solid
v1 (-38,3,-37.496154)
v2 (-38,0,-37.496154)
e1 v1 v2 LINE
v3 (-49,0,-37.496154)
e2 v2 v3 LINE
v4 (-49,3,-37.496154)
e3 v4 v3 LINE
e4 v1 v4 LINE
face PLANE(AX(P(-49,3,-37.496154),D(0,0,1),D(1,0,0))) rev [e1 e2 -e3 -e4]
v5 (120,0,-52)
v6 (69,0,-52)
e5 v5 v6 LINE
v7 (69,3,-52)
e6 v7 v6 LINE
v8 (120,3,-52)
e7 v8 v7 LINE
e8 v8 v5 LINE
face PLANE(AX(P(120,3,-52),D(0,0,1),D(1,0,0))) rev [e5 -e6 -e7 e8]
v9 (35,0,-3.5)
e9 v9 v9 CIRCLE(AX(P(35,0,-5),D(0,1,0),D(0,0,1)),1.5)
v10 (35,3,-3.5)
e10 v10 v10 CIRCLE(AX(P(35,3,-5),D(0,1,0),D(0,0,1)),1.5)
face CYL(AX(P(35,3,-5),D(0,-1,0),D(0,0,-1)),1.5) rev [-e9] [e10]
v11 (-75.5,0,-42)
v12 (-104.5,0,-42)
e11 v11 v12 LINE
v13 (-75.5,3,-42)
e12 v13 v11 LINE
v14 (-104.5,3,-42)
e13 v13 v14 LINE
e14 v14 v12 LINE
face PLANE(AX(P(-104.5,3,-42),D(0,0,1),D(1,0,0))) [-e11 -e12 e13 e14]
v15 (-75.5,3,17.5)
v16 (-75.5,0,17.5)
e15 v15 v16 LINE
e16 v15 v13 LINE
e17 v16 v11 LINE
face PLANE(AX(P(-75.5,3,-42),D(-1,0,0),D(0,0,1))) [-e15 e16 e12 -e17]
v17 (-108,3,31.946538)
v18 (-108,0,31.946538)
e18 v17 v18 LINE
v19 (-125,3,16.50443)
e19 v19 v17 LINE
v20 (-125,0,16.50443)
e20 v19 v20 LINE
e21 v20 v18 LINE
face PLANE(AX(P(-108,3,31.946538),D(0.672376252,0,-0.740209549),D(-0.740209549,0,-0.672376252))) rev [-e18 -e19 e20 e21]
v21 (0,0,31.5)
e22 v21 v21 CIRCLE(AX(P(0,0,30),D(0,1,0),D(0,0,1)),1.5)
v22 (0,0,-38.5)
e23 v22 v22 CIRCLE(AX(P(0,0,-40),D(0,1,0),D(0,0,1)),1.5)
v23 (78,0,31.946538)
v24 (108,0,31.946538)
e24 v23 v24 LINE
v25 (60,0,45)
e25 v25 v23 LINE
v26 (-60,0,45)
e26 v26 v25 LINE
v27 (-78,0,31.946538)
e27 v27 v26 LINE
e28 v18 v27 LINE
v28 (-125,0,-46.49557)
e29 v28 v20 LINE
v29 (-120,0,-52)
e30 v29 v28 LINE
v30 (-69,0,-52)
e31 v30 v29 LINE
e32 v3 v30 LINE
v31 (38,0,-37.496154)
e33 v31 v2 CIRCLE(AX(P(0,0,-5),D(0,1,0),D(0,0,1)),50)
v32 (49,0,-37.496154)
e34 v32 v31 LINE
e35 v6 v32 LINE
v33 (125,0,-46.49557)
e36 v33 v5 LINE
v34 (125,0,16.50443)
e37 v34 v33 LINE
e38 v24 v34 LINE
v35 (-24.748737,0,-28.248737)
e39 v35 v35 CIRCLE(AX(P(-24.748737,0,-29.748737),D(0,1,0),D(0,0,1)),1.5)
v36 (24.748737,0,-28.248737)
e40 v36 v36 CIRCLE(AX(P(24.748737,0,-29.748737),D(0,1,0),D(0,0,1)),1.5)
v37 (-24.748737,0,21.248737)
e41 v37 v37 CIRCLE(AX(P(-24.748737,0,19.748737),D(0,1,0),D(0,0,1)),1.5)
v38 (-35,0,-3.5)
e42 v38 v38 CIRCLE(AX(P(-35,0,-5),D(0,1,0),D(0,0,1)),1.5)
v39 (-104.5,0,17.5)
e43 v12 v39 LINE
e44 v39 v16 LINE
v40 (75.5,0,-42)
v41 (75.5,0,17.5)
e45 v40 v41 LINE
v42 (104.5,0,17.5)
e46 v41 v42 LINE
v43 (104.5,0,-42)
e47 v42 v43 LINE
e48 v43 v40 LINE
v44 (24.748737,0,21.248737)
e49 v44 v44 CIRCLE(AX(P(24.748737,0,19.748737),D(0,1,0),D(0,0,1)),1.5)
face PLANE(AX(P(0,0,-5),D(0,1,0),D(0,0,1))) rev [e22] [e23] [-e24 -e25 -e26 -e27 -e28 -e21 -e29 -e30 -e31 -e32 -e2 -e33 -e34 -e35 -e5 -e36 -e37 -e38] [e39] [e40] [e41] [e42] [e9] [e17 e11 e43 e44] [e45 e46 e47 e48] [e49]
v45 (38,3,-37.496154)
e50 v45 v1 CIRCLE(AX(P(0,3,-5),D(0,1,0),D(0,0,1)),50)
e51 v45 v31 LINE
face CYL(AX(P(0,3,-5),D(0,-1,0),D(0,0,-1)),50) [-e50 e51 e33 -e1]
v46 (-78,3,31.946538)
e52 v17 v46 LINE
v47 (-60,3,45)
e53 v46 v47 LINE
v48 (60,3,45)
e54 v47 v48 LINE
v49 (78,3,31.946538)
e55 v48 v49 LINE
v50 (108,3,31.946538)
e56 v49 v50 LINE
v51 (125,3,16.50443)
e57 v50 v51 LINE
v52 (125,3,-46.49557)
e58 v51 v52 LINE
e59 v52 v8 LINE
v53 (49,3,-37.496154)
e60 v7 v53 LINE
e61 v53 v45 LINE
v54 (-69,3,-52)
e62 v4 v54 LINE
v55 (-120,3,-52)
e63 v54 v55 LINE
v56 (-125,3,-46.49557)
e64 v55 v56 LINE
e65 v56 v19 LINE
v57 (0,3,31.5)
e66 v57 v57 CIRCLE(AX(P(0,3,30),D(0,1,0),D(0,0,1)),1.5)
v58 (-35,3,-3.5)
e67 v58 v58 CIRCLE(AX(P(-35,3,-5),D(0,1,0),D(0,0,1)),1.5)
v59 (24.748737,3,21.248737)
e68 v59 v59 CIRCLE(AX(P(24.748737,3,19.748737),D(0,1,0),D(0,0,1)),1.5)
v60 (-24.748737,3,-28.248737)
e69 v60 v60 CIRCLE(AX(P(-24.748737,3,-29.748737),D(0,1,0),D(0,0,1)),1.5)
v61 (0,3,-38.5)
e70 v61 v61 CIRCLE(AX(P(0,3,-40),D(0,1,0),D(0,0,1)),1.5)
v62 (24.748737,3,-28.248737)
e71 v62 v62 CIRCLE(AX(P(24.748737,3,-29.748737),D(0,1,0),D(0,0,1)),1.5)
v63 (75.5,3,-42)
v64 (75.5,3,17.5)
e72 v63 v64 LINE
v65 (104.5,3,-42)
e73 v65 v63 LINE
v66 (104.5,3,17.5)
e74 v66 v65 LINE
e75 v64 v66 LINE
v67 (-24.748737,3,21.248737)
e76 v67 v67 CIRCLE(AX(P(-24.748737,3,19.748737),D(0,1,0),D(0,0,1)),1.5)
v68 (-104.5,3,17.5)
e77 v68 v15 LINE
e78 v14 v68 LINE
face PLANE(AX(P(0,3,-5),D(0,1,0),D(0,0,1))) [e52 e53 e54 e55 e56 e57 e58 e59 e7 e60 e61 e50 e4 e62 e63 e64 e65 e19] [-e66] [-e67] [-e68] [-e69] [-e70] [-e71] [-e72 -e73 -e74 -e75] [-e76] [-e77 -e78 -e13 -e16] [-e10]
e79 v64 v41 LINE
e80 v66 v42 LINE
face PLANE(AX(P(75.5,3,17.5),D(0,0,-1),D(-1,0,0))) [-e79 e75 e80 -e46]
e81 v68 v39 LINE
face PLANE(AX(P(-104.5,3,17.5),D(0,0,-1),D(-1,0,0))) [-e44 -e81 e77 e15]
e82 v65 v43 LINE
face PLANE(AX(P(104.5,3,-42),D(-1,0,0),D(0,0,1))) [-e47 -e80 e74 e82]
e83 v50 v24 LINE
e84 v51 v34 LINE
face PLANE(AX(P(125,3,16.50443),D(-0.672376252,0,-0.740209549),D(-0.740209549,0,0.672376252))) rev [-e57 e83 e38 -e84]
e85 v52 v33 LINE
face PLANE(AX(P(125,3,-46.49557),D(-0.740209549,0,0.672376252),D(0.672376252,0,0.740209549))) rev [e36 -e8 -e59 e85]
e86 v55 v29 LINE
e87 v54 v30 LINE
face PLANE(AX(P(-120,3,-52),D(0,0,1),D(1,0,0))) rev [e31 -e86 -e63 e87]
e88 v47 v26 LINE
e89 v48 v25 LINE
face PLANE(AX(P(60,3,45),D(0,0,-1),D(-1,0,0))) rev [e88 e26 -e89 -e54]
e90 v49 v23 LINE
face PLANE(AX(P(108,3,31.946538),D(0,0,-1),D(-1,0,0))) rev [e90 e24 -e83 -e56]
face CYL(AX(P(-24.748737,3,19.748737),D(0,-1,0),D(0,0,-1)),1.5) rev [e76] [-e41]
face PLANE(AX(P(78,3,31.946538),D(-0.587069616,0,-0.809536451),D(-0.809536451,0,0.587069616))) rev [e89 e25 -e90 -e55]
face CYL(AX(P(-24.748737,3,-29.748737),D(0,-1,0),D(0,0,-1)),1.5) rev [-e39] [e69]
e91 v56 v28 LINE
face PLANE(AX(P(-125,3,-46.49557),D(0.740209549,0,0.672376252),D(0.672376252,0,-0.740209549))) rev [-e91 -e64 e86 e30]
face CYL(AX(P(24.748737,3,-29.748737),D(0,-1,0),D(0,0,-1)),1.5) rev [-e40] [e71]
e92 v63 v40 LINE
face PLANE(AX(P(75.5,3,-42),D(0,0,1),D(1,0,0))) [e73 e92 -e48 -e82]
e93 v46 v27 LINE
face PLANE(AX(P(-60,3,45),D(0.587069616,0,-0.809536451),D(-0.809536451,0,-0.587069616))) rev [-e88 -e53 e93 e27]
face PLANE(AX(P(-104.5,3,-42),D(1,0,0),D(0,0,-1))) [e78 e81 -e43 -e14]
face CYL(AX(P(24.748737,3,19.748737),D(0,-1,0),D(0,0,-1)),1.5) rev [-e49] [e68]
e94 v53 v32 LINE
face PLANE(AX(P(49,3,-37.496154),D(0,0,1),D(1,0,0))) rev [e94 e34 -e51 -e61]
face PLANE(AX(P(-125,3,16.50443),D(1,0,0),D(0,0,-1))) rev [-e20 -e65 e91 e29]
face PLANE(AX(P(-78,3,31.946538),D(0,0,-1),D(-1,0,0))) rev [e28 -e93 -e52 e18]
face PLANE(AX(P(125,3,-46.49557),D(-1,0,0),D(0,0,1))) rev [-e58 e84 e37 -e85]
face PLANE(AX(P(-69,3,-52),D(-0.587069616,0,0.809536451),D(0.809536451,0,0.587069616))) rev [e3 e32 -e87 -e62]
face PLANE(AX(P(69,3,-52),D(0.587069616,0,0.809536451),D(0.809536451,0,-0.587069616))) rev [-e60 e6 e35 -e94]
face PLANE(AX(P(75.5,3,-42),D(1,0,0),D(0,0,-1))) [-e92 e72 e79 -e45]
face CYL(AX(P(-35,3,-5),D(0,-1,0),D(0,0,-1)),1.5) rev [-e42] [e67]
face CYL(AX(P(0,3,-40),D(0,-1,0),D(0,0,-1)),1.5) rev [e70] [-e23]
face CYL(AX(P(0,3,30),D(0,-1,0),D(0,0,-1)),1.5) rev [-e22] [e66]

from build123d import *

# Parameters (mm, degrees)
SKETCH1_R           = 1.5
SKETCH1_W           = 29
SKETCH1_H           = 59.5
BOSS_EXTRUDE1_DEPTH = 3


with BuildPart() as part:
    # Sketch1 → Boss-Extrude1 (new body)
    with BuildSketch(Plane(origin=(0, 0, 0), x_dir=(1, 0, 0), z_dir=(0, 1, 0))):
        with BuildLine():
            Line((125, 46.495570398), (125, -16.504429602))
            Line((125, -16.504429602), (108, -31.946538257))
            Line((108, -31.946538257), (78, -31.946538257))
            Line((78, -31.946538257), (60, -45))
            Line((60, -45), (-60, -45))
            Line((-60, -45), (-78, -31.946538257))
            Line((-78, -31.946538257), (-108, -31.946538257))
            Line((-108, -31.946538257), (-125, -16.504429602))
            Line((-125, -16.504429602), (-125, 46.495570398))
            Line((-125, 46.495570398), (-120, 52))
            Line((-120, 52), (-69, 52))
            Line((-69, 52), (-49, 37.496153619))
            Line((-49, 37.496153619), (-38, 37.496153619))
            ThreePointArc((-38, 37.496153619), (0, 55), (38, 37.496153619))
            Line((38, 37.496153619), (49, 37.496153619))
            Line((49, 37.496153619), (69, 52))
            Line((69, 52), (120, 52))
            Line((120, 52), (125, 46.495570398))
        make_face()
        with Locations(Location((-35, 5, 0), (0, 0, 270))):
            Circle(SKETCH1_R, mode=Mode.SUBTRACT)
        with Locations(Location((-24.748737342, -19.748737342, 0), (0, 0, 270))):
            Circle(SKETCH1_R, mode=Mode.SUBTRACT)
        with Locations(Location((0, -30, 0), (0, 0, 270))):
            Circle(SKETCH1_R, mode=Mode.SUBTRACT)
        with Locations(Location((24.748737342, -19.748737342, 0), (0, 0, 270))):
            Circle(SKETCH1_R, mode=Mode.SUBTRACT)
        with Locations(Location((35, 5, 0), (0, 0, 270))):
            Circle(SKETCH1_R, mode=Mode.SUBTRACT)
        with Locations(Location((24.748737342, 29.748737342, 0), (0, 0, 270))):
            Circle(SKETCH1_R, mode=Mode.SUBTRACT)
        with Locations(Location((0, 40, 0), (0, 0, 270))):
            Circle(SKETCH1_R, mode=Mode.SUBTRACT)
        with Locations(Location((-24.748737342, 29.748737342, 0), (0, 0, 270))):
            Circle(SKETCH1_R, mode=Mode.SUBTRACT)
        with Locations((-90, 12.25)):
            Rectangle(SKETCH1_W, SKETCH1_H, mode=Mode.SUBTRACT)
        with Locations((90, 12.25)):
            Rectangle(SKETCH1_W, SKETCH1_H, mode=Mode.SUBTRACT)
    extrude(amount=BOSS_EXTRUDE1_DEPTH)


solid = part.part
